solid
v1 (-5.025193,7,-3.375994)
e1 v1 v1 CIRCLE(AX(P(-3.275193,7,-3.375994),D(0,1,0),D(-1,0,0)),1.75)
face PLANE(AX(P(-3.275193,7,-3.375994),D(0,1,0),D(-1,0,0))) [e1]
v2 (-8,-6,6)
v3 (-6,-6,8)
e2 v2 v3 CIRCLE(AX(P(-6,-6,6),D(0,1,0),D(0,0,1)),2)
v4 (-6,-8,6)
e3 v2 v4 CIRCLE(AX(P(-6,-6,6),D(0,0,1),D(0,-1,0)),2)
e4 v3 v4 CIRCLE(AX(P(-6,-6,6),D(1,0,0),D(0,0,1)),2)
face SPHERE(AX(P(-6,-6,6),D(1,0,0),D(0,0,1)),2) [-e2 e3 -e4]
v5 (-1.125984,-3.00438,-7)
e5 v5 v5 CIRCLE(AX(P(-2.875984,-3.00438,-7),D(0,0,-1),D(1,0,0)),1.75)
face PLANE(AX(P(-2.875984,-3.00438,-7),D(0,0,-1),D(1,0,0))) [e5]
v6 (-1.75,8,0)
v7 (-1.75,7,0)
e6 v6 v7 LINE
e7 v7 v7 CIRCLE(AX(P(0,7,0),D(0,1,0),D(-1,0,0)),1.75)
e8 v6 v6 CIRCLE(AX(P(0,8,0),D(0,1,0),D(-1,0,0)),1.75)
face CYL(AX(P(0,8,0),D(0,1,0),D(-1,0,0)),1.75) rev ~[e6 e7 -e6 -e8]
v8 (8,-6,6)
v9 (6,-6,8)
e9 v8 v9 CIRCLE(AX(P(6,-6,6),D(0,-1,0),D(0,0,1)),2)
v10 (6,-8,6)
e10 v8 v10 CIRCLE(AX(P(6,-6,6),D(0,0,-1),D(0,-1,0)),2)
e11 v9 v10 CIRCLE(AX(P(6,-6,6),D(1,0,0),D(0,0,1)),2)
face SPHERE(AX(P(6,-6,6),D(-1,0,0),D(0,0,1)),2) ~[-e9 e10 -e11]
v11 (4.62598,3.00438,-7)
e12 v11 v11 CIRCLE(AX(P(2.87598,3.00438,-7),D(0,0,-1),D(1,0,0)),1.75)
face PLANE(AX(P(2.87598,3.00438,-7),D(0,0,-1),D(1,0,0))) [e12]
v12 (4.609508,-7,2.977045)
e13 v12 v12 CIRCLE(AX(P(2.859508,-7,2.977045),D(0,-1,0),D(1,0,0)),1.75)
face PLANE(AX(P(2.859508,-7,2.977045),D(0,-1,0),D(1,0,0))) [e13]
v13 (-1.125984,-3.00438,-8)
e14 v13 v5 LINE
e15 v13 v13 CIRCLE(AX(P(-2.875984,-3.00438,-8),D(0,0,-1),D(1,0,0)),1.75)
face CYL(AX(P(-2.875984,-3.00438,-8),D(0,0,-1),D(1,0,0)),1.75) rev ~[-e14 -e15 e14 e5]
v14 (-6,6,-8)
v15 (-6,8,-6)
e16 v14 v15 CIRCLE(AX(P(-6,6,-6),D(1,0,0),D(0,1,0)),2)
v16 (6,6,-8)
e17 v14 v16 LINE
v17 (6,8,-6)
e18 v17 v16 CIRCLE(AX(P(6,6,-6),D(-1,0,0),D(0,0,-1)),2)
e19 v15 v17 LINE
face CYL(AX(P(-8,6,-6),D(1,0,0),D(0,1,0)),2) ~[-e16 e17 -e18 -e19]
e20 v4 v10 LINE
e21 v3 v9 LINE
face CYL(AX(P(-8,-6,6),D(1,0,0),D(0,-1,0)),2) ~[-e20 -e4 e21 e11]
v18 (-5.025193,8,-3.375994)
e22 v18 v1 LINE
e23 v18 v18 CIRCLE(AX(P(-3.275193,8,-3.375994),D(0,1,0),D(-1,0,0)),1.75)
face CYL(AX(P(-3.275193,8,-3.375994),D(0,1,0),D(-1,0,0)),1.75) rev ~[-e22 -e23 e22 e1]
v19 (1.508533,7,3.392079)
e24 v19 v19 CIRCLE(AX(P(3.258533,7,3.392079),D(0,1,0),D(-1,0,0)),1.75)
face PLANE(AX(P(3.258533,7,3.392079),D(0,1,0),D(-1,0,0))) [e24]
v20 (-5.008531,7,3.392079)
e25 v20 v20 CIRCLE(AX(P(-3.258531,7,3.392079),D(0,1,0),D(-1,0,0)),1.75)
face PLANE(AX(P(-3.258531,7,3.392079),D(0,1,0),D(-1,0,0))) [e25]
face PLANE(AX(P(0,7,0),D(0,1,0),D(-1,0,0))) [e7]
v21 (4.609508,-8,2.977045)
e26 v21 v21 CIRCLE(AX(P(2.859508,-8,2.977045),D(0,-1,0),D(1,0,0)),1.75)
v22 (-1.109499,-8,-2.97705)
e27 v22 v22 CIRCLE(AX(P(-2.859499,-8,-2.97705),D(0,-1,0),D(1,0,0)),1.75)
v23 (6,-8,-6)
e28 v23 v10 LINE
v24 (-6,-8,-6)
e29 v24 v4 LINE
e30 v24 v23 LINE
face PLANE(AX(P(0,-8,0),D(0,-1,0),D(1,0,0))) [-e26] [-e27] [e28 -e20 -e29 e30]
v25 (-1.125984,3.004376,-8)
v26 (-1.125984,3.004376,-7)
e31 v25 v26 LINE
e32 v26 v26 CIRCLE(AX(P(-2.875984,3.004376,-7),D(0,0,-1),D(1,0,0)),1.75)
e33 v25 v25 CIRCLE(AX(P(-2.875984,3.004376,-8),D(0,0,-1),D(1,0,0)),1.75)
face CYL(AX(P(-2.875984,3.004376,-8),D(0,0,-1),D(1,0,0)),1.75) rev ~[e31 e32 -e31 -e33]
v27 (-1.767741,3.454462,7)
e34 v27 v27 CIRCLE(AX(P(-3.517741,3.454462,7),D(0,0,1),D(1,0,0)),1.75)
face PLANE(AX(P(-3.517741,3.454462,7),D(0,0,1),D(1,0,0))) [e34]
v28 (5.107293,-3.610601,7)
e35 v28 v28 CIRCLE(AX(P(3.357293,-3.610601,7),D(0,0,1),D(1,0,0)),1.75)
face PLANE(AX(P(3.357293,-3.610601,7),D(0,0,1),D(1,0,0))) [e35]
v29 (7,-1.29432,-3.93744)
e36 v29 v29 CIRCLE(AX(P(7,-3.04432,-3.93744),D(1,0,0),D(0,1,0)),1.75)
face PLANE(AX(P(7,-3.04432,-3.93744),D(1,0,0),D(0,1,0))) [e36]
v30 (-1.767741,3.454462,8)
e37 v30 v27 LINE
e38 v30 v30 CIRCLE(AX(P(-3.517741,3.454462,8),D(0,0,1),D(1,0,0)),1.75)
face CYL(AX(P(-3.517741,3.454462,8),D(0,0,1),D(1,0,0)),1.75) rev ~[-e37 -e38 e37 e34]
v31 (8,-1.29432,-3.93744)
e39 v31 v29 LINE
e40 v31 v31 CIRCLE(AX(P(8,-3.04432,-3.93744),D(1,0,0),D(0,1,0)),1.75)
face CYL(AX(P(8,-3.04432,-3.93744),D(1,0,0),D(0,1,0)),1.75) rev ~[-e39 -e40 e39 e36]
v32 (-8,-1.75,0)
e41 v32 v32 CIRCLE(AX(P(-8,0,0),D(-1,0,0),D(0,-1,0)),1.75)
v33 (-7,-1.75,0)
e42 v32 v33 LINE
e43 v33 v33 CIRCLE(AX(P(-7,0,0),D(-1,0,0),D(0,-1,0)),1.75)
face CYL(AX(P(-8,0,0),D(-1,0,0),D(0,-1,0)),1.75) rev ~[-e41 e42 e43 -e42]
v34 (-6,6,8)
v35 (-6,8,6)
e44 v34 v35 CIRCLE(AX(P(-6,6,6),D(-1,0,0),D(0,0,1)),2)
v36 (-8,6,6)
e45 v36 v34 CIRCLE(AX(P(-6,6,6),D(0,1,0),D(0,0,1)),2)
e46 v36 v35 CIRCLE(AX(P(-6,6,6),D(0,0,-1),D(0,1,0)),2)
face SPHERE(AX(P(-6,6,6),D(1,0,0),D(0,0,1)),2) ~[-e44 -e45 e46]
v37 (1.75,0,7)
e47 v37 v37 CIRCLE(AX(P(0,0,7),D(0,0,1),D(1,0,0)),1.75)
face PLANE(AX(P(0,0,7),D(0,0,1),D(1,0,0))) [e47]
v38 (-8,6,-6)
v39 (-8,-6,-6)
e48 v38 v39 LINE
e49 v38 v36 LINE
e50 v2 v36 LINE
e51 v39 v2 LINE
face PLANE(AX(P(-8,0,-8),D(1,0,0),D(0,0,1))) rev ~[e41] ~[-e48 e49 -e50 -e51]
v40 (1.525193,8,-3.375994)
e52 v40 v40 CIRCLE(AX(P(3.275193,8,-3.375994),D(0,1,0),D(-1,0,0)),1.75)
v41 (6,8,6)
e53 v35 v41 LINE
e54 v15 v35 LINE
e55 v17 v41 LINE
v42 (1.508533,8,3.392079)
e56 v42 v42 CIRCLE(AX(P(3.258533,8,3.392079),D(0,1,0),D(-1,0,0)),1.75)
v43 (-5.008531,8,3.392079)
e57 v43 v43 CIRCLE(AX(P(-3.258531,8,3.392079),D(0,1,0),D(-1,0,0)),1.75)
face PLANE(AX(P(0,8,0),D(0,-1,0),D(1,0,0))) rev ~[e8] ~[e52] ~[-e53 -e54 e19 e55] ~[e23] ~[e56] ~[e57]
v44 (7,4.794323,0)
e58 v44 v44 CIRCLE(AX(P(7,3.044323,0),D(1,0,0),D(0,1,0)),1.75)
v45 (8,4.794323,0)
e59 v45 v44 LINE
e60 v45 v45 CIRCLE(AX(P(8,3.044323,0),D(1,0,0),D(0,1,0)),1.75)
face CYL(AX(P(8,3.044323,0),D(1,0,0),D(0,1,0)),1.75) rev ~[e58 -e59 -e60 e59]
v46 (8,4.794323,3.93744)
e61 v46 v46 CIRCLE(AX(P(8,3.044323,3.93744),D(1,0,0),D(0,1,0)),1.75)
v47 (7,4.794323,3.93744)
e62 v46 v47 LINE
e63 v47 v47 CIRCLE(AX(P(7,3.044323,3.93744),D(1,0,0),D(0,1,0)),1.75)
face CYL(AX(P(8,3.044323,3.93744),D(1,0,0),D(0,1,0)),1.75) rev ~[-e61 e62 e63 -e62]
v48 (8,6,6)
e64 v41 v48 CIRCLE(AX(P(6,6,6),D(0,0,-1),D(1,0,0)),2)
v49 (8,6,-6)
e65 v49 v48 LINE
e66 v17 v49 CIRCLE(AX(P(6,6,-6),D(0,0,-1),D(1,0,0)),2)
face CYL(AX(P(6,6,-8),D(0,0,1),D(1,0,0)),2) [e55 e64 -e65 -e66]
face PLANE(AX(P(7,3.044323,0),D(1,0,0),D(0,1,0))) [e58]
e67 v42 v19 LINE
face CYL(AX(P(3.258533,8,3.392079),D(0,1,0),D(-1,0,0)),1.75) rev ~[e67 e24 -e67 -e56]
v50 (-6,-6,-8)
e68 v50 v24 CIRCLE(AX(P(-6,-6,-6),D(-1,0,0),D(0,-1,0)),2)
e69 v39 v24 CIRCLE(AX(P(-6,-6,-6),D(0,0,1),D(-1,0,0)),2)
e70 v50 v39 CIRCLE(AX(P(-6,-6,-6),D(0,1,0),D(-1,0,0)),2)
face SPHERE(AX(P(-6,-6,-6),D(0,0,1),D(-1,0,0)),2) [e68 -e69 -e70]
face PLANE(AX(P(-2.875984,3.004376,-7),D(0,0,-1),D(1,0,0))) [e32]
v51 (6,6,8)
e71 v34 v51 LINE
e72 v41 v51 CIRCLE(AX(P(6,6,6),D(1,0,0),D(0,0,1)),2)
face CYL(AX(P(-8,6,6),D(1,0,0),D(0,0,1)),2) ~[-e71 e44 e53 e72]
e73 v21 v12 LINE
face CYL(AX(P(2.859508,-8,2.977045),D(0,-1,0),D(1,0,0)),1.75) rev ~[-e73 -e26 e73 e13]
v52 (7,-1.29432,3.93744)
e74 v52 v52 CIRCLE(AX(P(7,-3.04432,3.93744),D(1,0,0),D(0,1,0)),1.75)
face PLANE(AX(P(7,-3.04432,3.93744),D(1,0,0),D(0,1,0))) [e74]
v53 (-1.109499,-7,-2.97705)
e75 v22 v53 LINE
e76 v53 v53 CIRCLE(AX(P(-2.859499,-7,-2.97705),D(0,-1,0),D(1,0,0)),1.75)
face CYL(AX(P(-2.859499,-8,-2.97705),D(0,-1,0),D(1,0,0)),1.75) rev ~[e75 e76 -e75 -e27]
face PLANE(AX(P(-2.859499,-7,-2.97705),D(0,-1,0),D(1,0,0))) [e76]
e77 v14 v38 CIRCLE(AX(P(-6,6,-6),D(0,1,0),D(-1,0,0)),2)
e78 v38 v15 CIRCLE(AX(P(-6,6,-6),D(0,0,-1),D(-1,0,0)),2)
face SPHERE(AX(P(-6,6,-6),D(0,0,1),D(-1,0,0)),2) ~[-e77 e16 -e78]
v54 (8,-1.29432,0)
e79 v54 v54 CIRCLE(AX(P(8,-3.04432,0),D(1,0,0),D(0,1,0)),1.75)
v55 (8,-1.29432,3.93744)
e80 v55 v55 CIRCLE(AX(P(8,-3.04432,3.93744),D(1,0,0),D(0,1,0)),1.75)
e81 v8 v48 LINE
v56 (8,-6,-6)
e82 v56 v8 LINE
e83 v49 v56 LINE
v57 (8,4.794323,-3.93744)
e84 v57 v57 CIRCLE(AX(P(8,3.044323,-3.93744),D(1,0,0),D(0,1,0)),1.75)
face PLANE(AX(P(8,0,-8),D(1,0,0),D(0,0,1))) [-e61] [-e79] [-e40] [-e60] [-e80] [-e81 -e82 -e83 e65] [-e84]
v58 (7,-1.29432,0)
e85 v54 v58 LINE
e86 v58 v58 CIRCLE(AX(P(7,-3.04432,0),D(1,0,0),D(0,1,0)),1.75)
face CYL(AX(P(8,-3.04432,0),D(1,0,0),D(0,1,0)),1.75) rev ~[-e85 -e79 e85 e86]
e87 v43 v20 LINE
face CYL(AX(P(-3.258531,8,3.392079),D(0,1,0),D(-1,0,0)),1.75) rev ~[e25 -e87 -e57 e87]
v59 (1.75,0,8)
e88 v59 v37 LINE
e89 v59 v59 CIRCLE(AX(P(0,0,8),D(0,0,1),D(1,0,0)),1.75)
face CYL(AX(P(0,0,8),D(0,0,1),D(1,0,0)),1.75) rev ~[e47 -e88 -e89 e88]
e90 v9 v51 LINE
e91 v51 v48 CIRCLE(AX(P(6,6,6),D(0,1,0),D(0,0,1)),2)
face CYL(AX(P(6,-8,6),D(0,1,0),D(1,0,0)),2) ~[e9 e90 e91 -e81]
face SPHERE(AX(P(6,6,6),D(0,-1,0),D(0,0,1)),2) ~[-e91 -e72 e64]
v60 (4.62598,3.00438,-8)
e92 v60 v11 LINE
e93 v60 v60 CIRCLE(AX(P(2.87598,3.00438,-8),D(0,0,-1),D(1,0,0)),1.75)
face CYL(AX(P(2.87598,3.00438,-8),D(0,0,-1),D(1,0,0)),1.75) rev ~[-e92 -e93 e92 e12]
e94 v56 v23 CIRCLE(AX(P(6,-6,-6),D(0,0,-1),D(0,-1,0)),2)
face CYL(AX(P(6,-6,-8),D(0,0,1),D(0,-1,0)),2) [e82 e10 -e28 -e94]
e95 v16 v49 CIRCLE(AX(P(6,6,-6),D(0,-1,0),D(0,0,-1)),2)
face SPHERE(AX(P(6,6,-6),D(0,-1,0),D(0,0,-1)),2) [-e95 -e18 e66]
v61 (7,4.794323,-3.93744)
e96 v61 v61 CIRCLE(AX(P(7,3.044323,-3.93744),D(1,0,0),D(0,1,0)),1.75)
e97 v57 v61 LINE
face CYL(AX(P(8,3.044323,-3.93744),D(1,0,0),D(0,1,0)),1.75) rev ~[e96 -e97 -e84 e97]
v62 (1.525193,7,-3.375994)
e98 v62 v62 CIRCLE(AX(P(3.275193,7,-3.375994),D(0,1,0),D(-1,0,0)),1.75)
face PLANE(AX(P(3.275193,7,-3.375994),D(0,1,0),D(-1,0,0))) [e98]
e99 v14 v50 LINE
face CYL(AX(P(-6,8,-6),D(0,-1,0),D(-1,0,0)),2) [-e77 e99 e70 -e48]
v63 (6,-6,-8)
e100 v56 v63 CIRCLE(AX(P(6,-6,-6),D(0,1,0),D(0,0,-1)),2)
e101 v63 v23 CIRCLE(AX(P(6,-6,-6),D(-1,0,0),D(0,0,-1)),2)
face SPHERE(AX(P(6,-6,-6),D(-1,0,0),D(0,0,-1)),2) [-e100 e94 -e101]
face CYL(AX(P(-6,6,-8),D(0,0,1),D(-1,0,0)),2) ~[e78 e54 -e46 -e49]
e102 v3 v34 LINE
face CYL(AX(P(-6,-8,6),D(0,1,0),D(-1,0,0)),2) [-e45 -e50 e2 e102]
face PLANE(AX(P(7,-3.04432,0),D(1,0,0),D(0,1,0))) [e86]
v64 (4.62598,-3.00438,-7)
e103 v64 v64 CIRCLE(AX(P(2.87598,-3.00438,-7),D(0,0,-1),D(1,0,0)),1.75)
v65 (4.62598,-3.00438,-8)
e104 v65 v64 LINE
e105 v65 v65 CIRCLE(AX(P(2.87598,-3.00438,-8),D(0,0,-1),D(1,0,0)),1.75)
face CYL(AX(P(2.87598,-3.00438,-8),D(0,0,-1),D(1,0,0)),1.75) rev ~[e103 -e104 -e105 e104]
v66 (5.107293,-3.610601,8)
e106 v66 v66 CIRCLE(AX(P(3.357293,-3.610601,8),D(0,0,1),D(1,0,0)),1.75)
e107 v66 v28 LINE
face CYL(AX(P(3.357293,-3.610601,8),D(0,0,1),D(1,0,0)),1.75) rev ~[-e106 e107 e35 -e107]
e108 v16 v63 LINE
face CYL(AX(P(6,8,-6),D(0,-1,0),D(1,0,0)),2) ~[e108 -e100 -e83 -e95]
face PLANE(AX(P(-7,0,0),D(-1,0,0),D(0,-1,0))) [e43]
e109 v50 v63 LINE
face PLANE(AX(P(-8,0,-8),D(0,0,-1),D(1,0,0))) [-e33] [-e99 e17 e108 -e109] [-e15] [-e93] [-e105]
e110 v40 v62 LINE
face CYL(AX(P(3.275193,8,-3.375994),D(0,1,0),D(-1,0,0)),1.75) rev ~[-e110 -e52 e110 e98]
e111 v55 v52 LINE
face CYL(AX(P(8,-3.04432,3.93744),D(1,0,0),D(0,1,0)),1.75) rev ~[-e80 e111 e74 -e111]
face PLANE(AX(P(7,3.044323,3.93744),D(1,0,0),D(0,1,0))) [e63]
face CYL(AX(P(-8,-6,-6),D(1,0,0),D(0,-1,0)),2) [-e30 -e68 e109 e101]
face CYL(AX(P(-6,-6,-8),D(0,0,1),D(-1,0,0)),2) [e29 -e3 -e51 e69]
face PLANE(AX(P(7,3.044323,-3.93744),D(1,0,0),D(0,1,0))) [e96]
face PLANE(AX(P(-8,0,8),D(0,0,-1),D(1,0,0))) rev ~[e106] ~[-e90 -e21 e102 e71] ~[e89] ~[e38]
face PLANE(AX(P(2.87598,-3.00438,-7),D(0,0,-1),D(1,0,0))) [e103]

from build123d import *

# Parameters (mm, degrees)
F0_W      = 16
F0_H      = 16
F1_DEPTH  = 8
F2_R      = 2
F3_R      = 1.75
F4_DEPTH  = 1
F5_R      = 1.75
F6_DEPTH  = 1
F7_R      = 1.75
F8_DEPTH  = 1
F9_R      = 1.75
F10_DEPTH = 1
F11_R     = 1.75
F12_DEPTH = 1
F13_R     = 1.75
F14_DEPTH = 1


with BuildPart() as f1:
    # F0 (on Front) → F1 (new body, symmetric)
    with BuildSketch(Plane.XZ):
        Rectangle(F0_W, F0_H)
    extrude(amount=F1_DEPTH, both=True)

    # F2
    f2_edges = [f1.edges().sort_by_distance(p)[0] for p in [
        (0, -8, 8),
        (8, 0, 8),
        (0, 8, 8),
        (-8, 0, 8),
        (-8, 8, 0),
        (-8, -8, 0),
        (-8, 0, -8),
        (0, -8, -8),
        (8, 0, -8),
        (8, -8, 0),
        (0, 8, -8),
        (8, 8, 0),
    ]]
    fillet(f2_edges, radius=F2_R)

    # F3 (on face) → F4 (cut)
    with BuildSketch(Plane.XZ.offset(8)):
        with Locations((2.859508, 2.977045)):
            Circle(F3_R)
        with Locations((-2.859499, -2.97705)):
            Circle(F3_R)
    extrude(amount=-F4_DEPTH, mode=Mode.SUBTRACT)

    # F5 (on face) → F6 (cut)
    with BuildSketch(Plane.XY.offset(8)):
        Circle(F5_R)
        with Locations((-3.517741, 3.454462)):
            Circle(F5_R)
        with Locations((3.357293, -3.610601)):
            Circle(F5_R)
    extrude(amount=-F6_DEPTH, mode=Mode.SUBTRACT)

    # F7 (on face) → F8 (cut)
    with BuildSketch(Plane.YZ.offset(8)):
        with Locations((3.044323, 0)):
            Circle(F7_R)
        with Locations((-3.04432, 0)):
            Circle(F7_R)
        with Locations((-3.04432, 3.93744)):
            Circle(F7_R)
        with Locations((3.044323, 3.93744)):
            Circle(F7_R)
        with Locations((-3.04432, -3.93744)):
            Circle(F7_R)
        with Locations((3.044323, -3.93744)):
            Circle(F7_R)
    extrude(amount=-F8_DEPTH, mode=Mode.SUBTRACT)

    # F9 (on face) → F10 (cut)
    with BuildSketch(Plane(origin=(0, 8, 0), x_dir=(-1, 0, 0), z_dir=(0, 1, 0))):
        Circle(F9_R)
        with Locations((-3.258533, 3.392079)):
            Circle(F9_R)
        with Locations((3.258531, 3.392079)):
            Circle(F9_R)
        with Locations((-3.275193, -3.375994)):
            Circle(F9_R)
        with Locations((3.275193, -3.375994)):
            Circle(F9_R)
    extrude(amount=-F10_DEPTH, mode=Mode.SUBTRACT)

    # F11 (on face) → F12 (cut)
    with BuildSketch(Plane(origin=(0, 0, -8), x_dir=(1, 0, 0), z_dir=(0, 0, -1))):
        with Locations((2.87598, -3.00438)):
            Circle(F11_R)
        with Locations((-2.875984, -3.004376)):
            Circle(F11_R)
        with Locations((2.87598, 3.00438)):
            Circle(F11_R)
        with Locations((-2.875984, 3.00438)):
            Circle(F11_R)
    extrude(amount=-F12_DEPTH, mode=Mode.SUBTRACT)

    # F13 (on face) → F14 (cut)
    with BuildSketch(Plane(origin=(-8, 0, 0), x_dir=(0, -1, 0), z_dir=(-1, 0, 0))):
        Circle(F13_R)
    extrude(amount=-F14_DEPTH, mode=Mode.SUBTRACT)


solid = f1.part
